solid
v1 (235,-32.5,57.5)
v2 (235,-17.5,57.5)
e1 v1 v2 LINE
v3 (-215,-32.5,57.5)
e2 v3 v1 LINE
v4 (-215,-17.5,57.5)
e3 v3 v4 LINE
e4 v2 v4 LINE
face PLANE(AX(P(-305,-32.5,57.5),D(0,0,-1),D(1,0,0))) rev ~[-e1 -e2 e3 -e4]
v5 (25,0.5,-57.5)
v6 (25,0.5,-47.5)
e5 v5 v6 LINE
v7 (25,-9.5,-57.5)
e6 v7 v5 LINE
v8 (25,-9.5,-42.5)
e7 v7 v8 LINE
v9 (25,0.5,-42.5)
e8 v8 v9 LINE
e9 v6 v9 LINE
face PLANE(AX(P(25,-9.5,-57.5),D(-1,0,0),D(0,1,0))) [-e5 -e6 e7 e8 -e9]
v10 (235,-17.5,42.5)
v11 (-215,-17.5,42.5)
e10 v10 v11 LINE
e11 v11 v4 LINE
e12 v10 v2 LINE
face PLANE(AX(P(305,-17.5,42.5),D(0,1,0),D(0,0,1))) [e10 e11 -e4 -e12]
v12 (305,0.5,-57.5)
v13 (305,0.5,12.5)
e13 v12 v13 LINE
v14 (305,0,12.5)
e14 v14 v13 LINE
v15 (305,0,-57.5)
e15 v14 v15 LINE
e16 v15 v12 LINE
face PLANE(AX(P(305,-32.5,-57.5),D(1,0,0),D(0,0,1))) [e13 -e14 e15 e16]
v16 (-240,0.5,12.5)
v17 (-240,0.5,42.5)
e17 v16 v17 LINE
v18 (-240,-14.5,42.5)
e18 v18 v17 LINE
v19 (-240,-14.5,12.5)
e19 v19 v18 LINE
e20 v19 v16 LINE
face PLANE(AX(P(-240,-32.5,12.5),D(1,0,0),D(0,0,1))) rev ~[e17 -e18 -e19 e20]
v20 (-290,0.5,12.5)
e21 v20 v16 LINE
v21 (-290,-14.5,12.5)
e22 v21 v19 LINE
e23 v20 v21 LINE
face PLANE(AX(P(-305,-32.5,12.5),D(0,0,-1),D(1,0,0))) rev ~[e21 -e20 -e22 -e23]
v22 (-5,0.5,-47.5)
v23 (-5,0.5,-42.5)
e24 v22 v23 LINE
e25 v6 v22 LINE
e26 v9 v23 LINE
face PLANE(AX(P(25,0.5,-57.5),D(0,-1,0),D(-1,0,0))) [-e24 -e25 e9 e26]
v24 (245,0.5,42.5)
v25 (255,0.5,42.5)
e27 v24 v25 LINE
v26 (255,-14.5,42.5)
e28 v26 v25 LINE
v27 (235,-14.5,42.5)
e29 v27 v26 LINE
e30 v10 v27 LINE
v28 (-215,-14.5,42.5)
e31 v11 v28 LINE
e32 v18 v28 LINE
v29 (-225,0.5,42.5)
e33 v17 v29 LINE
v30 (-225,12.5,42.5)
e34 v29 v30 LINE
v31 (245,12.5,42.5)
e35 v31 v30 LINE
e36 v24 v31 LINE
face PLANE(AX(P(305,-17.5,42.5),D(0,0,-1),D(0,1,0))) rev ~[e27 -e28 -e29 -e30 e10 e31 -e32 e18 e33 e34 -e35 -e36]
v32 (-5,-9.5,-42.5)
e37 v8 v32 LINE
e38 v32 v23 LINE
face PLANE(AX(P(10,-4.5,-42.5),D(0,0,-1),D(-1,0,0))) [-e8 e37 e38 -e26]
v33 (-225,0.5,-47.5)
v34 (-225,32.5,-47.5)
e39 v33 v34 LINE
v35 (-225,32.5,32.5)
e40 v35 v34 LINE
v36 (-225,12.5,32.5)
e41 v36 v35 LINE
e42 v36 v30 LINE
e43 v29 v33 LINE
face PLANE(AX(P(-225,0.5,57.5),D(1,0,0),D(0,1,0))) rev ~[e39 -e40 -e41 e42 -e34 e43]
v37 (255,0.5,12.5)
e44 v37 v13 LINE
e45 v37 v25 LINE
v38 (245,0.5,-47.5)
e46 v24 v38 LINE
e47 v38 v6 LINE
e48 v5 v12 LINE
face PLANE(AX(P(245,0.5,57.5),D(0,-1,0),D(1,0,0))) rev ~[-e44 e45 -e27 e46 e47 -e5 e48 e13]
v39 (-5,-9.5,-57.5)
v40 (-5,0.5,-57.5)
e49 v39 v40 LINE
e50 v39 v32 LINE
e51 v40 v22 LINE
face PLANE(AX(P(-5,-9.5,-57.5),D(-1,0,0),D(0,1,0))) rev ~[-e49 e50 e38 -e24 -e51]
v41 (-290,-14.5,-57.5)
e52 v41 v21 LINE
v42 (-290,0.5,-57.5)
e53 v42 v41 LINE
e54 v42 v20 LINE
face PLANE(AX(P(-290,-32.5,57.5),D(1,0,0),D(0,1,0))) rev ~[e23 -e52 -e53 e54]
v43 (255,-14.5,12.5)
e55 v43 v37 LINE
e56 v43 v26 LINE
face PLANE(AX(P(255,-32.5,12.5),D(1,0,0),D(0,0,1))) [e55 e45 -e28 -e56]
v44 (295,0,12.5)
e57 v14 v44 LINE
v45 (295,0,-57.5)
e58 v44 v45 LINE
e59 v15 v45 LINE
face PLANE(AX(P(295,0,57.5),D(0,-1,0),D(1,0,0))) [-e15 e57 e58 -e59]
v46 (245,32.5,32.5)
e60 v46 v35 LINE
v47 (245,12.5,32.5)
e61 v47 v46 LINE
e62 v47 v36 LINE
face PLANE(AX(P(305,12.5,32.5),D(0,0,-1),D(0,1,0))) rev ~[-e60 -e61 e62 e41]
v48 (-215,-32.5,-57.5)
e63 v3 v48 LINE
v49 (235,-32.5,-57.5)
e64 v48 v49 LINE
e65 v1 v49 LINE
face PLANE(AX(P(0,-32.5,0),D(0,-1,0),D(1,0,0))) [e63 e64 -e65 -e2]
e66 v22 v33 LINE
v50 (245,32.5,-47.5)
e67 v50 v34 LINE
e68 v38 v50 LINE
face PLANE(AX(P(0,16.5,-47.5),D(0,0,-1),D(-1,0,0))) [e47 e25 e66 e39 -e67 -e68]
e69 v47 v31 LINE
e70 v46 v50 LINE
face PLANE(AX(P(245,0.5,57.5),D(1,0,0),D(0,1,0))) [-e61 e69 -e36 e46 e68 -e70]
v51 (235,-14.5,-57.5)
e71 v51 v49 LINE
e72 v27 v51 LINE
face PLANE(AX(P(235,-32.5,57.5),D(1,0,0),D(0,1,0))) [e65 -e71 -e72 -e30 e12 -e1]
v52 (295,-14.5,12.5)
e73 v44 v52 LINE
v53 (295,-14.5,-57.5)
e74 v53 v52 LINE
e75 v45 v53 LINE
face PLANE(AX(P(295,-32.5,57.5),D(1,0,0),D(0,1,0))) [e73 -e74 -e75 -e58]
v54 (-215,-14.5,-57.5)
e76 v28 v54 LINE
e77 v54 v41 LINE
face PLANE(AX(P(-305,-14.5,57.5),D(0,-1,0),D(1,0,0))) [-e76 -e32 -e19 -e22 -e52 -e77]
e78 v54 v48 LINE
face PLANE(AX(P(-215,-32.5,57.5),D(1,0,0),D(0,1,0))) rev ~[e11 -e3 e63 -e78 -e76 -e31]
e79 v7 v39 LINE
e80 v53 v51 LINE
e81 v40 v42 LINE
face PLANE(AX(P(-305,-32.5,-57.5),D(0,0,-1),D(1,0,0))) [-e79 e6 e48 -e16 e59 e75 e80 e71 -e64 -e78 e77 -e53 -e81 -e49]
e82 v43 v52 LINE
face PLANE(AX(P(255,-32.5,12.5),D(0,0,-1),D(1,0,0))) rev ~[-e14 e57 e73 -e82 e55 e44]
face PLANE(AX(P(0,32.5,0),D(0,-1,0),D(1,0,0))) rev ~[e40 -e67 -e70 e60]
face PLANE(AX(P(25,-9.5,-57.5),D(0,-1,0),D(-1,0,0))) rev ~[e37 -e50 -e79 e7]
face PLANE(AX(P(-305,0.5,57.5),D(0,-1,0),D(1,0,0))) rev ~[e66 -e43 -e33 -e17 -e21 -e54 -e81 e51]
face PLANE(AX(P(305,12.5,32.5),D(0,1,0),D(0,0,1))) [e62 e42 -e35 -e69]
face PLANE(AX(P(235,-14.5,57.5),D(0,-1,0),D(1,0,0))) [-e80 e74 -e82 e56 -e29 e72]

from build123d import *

# Parameters (mm, degrees)
SKETCH042_W     = 610
SKETCH042_H     = 115
PAD004_DEPTH    = 65
SKETCH043_W     = 60
SKETCH043_H     = 32
SKETCH043_W_2   = 70
SKETCH043_H_2   = 18
POCKET037_DEPTH = 115.001
SKETCH044_W     = 80
SKETCH044_H     = 32
SKETCH044_W_2   = 90
SKETCH044_H_2   = 18
POCKET038_DEPTH = 115.001
SKETCH045_W     = 50
SKETCH045_H     = 45
POCKET039_DEPTH = 65.001
SKETCH046_W     = 65
SKETCH046_H     = 45
POCKET040_DEPTH = 65.001
SKETCH047_W     = 30
SKETCH047_H     = 10
POCKET041_DEPTH = 15
SKETCH048_W     = 610
SKETCH048_H     = 32
POCKET042_DEPTH = 10
SKETCH049_W     = 20
SKETCH049_H     = 25
POCKET043_DEPTH = 610.001
SKETCH050_W     = 50
SKETCH050_H     = 15
POCKET044_DEPTH = 610.001
SKETCH051_W     = 15
SKETCH051_H     = 65
POCKET045_DEPTH = 115.001
SKETCH052_W     = 10
SKETCH052_H     = 32.5
POCKET046_DEPTH = 115.001


with BuildPart() as part:
    # Sketch042 (on DatumPlane) → Pad004 (new body)
    with BuildSketch(Plane.XZ.offset(32.5)):
        Rectangle(SKETCH042_W, SKETCH042_H)
    extrude(amount=-PAD004_DEPTH)

    # Sketch043 (on DatumPlane) → Pocket037 (cut, through all)
    with BuildSketch(Plane.XY.offset(57.5)):
        with Locations((275, 16.5)):
            Rectangle(SKETCH043_W, SKETCH043_H)
        with Locations((270, -23.5)):
            Rectangle(SKETCH043_W_2, SKETCH043_H_2)
    extrude(amount=-POCKET037_DEPTH, mode=Mode.SUBTRACT)

    # Sketch044 (on DatumPlane) → Pocket038 (cut, through all)
    with BuildSketch(Plane.XY.offset(57.5)):
        with Locations((-265, 16.5)):
            Rectangle(SKETCH044_W, SKETCH044_H)
        with Locations((-260, -23.5)):
            Rectangle(SKETCH044_W_2, SKETCH044_H_2)
    extrude(amount=-POCKET038_DEPTH, mode=Mode.SUBTRACT)

    # Sketch045 (on DatumPlane) → Pocket039 (cut, through all)
    with BuildSketch(Plane.XZ.offset(32.5)):
        with Locations((280, 35)):
            Rectangle(SKETCH045_W, SKETCH045_H)
    extrude(amount=-POCKET039_DEPTH, mode=Mode.SUBTRACT)

    # Sketch046 (on DatumPlane) → Pocket040 (cut, through all)
    with BuildSketch(Plane.XZ.offset(32.5)):
        with Locations((-272.5, 35)):
            Rectangle(SKETCH046_W, SKETCH046_H)
    extrude(amount=-POCKET040_DEPTH, mode=Mode.SUBTRACT)

    # Sketch047 (on DatumPlane) → Pocket041 (cut)
    with BuildSketch(Plane(origin=(0, 0, -57.5), x_dir=(-1, 0, 0), z_dir=(0, 0, -1))):
        with Locations((-10, -4.5)):
            Rectangle(SKETCH047_W, SKETCH047_H)
    extrude(amount=-POCKET041_DEPTH, mode=Mode.SUBTRACT)

    # Sketch048 (on DatumPlane) → Pocket042 (cut)
    with BuildSketch(Plane(origin=(0, 0, -57.5), x_dir=(-1, 0, 0), z_dir=(0, 0, -1))):
        with Locations((0, 16.5)):
            Rectangle(SKETCH048_W, SKETCH048_H)
    extrude(amount=-POCKET042_DEPTH, mode=Mode.SUBTRACT)

    # Sketch049 (on DatumPlane) → Pocket043 (cut, through all)
    with BuildSketch(Plane.YZ.offset(305)):
        with Locations((22.5, 45)):
            Rectangle(SKETCH049_W, SKETCH049_H)
    extrude(amount=-POCKET043_DEPTH, mode=Mode.SUBTRACT)

    # Sketch050 (on DatumPlane) → Pocket044 (cut, through all)
    with BuildSketch(Plane.YZ.offset(305)):
        with Locations((7.5, 50)):
            Rectangle(SKETCH050_W, SKETCH050_H)
    extrude(amount=-POCKET044_DEPTH, mode=Mode.SUBTRACT)

    # Sketch051 (on DatumPlane) → Pocket045 (cut, through all)
    with BuildSketch(Plane.XY.offset(57.5)):
        with Locations((-297.5, 0)):
            Rectangle(SKETCH051_W, SKETCH051_H)
    extrude(amount=-POCKET045_DEPTH, mode=Mode.SUBTRACT)

    # Sketch052 (on DatumPlane) → Pocket046 (cut, through all)
    with BuildSketch(Plane.XY.offset(57.5)):
        with Locations((300, -16.25)):
            Rectangle(SKETCH052_W, SKETCH052_H)
    extrude(amount=-POCKET046_DEPTH, mode=Mode.SUBTRACT)


solid = part.part
